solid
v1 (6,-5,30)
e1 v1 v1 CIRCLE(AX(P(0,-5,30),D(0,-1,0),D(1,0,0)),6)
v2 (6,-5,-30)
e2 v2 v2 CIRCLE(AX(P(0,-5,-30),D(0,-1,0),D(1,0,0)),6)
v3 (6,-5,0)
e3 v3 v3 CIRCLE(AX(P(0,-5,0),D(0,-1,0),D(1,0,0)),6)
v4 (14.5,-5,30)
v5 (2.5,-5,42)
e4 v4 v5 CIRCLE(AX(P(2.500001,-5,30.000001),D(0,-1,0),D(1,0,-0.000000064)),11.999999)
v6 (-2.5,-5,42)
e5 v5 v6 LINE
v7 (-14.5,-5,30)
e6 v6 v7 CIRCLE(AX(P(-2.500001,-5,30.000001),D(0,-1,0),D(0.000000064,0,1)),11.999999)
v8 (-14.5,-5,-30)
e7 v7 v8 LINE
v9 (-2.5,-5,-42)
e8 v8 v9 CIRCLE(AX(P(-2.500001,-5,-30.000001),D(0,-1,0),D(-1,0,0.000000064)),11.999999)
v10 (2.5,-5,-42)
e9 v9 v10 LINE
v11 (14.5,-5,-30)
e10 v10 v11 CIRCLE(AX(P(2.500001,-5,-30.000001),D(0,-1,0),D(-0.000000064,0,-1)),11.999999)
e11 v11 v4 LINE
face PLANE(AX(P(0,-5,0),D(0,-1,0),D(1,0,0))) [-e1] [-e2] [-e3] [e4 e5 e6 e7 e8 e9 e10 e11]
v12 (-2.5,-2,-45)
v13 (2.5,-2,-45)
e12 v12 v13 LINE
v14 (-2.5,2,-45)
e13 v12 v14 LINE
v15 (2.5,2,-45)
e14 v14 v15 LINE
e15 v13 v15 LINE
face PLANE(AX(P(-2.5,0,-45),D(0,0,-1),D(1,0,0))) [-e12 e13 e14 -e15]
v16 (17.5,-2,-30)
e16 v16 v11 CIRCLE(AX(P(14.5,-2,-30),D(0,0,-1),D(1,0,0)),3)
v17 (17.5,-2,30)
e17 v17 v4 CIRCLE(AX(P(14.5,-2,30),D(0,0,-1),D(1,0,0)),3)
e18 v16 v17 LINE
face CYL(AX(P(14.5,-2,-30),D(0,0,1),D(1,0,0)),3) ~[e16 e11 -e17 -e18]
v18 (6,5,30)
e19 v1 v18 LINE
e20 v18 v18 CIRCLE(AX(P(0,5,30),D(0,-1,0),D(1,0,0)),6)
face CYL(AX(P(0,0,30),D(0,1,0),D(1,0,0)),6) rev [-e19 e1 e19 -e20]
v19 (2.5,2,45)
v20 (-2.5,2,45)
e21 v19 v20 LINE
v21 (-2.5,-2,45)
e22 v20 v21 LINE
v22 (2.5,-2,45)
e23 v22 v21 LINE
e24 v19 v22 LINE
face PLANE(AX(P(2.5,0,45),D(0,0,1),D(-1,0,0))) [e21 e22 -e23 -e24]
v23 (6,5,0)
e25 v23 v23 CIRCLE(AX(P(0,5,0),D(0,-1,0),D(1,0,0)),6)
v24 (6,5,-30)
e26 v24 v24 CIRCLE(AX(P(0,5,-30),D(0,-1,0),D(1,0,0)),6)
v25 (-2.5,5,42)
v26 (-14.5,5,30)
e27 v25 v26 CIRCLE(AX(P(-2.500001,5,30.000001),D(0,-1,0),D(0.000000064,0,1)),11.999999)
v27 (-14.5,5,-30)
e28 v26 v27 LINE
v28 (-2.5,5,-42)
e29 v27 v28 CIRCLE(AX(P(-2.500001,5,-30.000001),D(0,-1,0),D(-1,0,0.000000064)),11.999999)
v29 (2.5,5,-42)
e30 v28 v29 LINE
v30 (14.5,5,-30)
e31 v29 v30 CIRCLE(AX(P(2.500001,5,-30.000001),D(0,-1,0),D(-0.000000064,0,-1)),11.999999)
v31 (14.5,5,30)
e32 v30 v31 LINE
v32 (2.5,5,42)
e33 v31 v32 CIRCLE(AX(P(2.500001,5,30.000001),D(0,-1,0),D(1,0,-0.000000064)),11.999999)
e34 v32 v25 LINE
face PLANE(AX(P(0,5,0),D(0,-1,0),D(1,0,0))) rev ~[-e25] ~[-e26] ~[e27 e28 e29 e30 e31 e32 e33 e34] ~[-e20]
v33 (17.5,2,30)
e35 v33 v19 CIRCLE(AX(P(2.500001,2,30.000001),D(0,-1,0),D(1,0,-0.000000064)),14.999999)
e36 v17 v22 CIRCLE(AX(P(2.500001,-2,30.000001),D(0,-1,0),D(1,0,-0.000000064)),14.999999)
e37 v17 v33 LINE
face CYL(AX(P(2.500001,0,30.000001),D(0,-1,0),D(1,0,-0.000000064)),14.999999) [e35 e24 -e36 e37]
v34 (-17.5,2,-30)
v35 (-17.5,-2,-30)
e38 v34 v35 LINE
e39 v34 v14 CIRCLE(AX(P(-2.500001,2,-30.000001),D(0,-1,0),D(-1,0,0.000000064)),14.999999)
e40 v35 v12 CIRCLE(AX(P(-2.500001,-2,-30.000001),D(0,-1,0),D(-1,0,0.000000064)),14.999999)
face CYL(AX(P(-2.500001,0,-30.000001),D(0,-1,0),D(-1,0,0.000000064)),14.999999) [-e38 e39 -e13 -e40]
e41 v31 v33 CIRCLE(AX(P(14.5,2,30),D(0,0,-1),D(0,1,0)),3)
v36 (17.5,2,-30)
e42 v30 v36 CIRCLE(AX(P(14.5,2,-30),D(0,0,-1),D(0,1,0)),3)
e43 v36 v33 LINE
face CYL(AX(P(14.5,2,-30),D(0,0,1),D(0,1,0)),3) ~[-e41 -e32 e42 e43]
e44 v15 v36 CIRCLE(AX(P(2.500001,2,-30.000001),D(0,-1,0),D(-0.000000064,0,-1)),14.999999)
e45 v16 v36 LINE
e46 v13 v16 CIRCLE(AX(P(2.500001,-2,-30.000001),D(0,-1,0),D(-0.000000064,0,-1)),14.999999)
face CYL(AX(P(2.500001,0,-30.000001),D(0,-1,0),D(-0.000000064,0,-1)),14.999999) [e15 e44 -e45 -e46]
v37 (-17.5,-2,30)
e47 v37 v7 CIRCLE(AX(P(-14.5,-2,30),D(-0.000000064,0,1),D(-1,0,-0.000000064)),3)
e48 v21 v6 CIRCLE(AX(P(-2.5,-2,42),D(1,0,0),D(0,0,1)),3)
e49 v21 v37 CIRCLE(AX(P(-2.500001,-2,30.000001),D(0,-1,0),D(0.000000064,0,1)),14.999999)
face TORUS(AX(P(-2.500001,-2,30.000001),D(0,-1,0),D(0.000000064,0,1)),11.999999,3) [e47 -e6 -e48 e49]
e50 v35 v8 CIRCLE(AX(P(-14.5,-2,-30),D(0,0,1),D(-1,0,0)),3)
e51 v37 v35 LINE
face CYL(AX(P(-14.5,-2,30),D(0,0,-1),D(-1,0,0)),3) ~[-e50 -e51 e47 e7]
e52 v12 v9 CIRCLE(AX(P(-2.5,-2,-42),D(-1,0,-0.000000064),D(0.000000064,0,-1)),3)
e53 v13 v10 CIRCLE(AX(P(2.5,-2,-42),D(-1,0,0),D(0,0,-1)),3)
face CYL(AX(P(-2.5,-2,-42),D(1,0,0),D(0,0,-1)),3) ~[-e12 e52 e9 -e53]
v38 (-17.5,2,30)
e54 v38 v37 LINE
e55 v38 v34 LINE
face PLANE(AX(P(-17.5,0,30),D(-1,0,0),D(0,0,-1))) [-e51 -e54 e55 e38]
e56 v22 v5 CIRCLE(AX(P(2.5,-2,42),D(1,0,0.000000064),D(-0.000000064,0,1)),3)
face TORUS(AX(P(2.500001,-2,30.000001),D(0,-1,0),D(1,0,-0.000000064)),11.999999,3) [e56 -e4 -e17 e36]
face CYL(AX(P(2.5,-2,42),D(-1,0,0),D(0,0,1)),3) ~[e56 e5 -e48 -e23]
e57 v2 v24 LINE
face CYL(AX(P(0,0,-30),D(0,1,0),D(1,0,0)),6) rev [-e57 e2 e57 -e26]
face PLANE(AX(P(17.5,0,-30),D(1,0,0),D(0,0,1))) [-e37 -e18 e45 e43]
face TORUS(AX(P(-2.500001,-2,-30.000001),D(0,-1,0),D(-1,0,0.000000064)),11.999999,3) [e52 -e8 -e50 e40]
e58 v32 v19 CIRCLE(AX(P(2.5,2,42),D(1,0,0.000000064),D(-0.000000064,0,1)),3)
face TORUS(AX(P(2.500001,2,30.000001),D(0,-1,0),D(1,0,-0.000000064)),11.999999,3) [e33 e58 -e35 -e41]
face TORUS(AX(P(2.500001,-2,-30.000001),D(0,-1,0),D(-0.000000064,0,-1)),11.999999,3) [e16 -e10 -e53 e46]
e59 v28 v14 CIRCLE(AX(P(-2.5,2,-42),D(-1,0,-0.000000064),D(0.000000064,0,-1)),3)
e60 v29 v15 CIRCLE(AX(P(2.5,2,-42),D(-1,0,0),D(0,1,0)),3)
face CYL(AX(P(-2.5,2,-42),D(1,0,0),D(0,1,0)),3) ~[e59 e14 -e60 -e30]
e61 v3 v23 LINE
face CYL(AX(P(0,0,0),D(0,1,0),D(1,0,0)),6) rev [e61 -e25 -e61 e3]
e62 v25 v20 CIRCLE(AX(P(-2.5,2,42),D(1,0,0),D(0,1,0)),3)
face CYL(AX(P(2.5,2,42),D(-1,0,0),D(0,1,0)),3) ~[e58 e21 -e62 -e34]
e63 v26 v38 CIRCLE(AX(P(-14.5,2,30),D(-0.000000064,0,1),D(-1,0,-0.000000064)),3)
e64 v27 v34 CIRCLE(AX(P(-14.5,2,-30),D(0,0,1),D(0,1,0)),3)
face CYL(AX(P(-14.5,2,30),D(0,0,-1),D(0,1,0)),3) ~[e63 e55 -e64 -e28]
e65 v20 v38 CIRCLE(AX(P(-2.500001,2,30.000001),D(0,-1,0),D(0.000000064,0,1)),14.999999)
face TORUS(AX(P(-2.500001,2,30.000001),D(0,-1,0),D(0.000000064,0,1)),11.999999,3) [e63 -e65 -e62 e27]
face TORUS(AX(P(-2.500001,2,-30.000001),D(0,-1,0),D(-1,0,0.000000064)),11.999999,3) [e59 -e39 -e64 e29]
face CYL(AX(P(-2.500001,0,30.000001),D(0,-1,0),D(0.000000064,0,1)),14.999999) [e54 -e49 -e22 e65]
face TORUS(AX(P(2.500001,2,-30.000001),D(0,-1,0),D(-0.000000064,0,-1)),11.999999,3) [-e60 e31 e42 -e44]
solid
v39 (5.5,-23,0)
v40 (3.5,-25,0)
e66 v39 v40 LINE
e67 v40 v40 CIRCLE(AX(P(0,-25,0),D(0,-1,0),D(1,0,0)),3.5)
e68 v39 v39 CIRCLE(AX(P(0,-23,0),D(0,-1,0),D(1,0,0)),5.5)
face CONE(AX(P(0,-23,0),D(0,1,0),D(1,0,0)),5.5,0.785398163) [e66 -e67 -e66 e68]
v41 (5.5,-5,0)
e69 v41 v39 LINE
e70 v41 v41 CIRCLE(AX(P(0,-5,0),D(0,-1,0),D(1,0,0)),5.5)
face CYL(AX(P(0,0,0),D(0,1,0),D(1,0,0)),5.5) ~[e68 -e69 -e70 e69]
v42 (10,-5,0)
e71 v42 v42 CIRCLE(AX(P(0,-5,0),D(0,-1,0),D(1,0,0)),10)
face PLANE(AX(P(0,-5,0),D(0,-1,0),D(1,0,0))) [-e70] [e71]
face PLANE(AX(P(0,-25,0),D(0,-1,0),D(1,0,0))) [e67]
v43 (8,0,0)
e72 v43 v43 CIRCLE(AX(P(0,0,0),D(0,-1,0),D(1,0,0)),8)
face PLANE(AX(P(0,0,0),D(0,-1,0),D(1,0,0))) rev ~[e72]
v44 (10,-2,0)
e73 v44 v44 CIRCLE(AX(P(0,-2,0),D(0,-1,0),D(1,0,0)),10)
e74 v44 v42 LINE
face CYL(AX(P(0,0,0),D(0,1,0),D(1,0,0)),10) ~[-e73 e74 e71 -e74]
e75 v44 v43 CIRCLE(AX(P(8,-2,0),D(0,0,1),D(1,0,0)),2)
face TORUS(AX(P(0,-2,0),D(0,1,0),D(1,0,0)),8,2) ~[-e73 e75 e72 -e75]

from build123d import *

# Parameters (mm, degrees)
F0_R     = 6
F1_DEPTH = 5
F2_R     = 3
F3_R     = 3
F4_R     = 10
F4_R_2   = 5.5
F5_DEPTH = 5
F6_DEPTH = 25
F7_SIZE  = 2
F8_R     = 2


with BuildPart() as f1:
    # F0 (on Front) → F1 (new body, symmetric)
    with BuildSketch(Plane.XZ):
        with BuildLine():
            ThreePointArc((17.5, 30), (13.106602, 40.606602), (2.5, 45))
            Line((2.5, 45), (-2.5, 45))
            ThreePointArc((-2.5, 45), (-13.106602, 40.606602), (-17.5, 30))
            Line((-17.5, 30), (-17.5, -30))
            ThreePointArc((-17.5, -30), (-13.106602, -40.606602), (-2.5, -45))
            Line((-2.5, -45), (2.5, -45))
            ThreePointArc((2.5, -45), (13.106602, -40.606602), (17.5, -30))
            Line((17.5, -30), (17.5, 30))
        make_face()
        with Locations((0, -30)):
            Circle(F0_R, mode=Mode.SUBTRACT)
        Circle(F0_R, mode=Mode.SUBTRACT)
        with Locations((0, 30)):
            Circle(F0_R, mode=Mode.SUBTRACT)
    extrude(amount=F1_DEPTH, both=True)

    # F2
    f2_edges = [f1.edges().sort_by_distance(p)[0] for p in [
        (17.5, -5, 0),
    ]]
    fillet(f2_edges, radius=F2_R)

    # F3
    f3_edges = [f1.edges().sort_by_distance(p)[0] for p in [
        (17.5, 5, 0),
    ]]
    fillet(f3_edges, radius=F3_R)


with BuildPart() as f5:
    # F4 (on Front) → F5 (new body)
    with BuildSketch(Plane.XZ):
        Circle(F4_R)
        Circle(F4_R_2, mode=Mode.SUBTRACT)
    extrude(amount=F5_DEPTH)

    # F4 (on Front) → F6 (join)
    with BuildSketch(Plane.XZ):
        Circle(F4_R_2)
    extrude(amount=F6_DEPTH)

    # F7
    f7_edges = [f5.edges().sort_by_distance(p)[0] for p in [
        (-5.5, -25, 0),
    ]]
    chamfer(f7_edges, length=F7_SIZE)

    # F8
    f8_edges = [f5.edges().sort_by_distance(p)[0] for p in [
        (-10, 0, 0),
    ]]
    fillet(f8_edges, radius=F8_R)


solid = Compound([f1.part, f5.part])
